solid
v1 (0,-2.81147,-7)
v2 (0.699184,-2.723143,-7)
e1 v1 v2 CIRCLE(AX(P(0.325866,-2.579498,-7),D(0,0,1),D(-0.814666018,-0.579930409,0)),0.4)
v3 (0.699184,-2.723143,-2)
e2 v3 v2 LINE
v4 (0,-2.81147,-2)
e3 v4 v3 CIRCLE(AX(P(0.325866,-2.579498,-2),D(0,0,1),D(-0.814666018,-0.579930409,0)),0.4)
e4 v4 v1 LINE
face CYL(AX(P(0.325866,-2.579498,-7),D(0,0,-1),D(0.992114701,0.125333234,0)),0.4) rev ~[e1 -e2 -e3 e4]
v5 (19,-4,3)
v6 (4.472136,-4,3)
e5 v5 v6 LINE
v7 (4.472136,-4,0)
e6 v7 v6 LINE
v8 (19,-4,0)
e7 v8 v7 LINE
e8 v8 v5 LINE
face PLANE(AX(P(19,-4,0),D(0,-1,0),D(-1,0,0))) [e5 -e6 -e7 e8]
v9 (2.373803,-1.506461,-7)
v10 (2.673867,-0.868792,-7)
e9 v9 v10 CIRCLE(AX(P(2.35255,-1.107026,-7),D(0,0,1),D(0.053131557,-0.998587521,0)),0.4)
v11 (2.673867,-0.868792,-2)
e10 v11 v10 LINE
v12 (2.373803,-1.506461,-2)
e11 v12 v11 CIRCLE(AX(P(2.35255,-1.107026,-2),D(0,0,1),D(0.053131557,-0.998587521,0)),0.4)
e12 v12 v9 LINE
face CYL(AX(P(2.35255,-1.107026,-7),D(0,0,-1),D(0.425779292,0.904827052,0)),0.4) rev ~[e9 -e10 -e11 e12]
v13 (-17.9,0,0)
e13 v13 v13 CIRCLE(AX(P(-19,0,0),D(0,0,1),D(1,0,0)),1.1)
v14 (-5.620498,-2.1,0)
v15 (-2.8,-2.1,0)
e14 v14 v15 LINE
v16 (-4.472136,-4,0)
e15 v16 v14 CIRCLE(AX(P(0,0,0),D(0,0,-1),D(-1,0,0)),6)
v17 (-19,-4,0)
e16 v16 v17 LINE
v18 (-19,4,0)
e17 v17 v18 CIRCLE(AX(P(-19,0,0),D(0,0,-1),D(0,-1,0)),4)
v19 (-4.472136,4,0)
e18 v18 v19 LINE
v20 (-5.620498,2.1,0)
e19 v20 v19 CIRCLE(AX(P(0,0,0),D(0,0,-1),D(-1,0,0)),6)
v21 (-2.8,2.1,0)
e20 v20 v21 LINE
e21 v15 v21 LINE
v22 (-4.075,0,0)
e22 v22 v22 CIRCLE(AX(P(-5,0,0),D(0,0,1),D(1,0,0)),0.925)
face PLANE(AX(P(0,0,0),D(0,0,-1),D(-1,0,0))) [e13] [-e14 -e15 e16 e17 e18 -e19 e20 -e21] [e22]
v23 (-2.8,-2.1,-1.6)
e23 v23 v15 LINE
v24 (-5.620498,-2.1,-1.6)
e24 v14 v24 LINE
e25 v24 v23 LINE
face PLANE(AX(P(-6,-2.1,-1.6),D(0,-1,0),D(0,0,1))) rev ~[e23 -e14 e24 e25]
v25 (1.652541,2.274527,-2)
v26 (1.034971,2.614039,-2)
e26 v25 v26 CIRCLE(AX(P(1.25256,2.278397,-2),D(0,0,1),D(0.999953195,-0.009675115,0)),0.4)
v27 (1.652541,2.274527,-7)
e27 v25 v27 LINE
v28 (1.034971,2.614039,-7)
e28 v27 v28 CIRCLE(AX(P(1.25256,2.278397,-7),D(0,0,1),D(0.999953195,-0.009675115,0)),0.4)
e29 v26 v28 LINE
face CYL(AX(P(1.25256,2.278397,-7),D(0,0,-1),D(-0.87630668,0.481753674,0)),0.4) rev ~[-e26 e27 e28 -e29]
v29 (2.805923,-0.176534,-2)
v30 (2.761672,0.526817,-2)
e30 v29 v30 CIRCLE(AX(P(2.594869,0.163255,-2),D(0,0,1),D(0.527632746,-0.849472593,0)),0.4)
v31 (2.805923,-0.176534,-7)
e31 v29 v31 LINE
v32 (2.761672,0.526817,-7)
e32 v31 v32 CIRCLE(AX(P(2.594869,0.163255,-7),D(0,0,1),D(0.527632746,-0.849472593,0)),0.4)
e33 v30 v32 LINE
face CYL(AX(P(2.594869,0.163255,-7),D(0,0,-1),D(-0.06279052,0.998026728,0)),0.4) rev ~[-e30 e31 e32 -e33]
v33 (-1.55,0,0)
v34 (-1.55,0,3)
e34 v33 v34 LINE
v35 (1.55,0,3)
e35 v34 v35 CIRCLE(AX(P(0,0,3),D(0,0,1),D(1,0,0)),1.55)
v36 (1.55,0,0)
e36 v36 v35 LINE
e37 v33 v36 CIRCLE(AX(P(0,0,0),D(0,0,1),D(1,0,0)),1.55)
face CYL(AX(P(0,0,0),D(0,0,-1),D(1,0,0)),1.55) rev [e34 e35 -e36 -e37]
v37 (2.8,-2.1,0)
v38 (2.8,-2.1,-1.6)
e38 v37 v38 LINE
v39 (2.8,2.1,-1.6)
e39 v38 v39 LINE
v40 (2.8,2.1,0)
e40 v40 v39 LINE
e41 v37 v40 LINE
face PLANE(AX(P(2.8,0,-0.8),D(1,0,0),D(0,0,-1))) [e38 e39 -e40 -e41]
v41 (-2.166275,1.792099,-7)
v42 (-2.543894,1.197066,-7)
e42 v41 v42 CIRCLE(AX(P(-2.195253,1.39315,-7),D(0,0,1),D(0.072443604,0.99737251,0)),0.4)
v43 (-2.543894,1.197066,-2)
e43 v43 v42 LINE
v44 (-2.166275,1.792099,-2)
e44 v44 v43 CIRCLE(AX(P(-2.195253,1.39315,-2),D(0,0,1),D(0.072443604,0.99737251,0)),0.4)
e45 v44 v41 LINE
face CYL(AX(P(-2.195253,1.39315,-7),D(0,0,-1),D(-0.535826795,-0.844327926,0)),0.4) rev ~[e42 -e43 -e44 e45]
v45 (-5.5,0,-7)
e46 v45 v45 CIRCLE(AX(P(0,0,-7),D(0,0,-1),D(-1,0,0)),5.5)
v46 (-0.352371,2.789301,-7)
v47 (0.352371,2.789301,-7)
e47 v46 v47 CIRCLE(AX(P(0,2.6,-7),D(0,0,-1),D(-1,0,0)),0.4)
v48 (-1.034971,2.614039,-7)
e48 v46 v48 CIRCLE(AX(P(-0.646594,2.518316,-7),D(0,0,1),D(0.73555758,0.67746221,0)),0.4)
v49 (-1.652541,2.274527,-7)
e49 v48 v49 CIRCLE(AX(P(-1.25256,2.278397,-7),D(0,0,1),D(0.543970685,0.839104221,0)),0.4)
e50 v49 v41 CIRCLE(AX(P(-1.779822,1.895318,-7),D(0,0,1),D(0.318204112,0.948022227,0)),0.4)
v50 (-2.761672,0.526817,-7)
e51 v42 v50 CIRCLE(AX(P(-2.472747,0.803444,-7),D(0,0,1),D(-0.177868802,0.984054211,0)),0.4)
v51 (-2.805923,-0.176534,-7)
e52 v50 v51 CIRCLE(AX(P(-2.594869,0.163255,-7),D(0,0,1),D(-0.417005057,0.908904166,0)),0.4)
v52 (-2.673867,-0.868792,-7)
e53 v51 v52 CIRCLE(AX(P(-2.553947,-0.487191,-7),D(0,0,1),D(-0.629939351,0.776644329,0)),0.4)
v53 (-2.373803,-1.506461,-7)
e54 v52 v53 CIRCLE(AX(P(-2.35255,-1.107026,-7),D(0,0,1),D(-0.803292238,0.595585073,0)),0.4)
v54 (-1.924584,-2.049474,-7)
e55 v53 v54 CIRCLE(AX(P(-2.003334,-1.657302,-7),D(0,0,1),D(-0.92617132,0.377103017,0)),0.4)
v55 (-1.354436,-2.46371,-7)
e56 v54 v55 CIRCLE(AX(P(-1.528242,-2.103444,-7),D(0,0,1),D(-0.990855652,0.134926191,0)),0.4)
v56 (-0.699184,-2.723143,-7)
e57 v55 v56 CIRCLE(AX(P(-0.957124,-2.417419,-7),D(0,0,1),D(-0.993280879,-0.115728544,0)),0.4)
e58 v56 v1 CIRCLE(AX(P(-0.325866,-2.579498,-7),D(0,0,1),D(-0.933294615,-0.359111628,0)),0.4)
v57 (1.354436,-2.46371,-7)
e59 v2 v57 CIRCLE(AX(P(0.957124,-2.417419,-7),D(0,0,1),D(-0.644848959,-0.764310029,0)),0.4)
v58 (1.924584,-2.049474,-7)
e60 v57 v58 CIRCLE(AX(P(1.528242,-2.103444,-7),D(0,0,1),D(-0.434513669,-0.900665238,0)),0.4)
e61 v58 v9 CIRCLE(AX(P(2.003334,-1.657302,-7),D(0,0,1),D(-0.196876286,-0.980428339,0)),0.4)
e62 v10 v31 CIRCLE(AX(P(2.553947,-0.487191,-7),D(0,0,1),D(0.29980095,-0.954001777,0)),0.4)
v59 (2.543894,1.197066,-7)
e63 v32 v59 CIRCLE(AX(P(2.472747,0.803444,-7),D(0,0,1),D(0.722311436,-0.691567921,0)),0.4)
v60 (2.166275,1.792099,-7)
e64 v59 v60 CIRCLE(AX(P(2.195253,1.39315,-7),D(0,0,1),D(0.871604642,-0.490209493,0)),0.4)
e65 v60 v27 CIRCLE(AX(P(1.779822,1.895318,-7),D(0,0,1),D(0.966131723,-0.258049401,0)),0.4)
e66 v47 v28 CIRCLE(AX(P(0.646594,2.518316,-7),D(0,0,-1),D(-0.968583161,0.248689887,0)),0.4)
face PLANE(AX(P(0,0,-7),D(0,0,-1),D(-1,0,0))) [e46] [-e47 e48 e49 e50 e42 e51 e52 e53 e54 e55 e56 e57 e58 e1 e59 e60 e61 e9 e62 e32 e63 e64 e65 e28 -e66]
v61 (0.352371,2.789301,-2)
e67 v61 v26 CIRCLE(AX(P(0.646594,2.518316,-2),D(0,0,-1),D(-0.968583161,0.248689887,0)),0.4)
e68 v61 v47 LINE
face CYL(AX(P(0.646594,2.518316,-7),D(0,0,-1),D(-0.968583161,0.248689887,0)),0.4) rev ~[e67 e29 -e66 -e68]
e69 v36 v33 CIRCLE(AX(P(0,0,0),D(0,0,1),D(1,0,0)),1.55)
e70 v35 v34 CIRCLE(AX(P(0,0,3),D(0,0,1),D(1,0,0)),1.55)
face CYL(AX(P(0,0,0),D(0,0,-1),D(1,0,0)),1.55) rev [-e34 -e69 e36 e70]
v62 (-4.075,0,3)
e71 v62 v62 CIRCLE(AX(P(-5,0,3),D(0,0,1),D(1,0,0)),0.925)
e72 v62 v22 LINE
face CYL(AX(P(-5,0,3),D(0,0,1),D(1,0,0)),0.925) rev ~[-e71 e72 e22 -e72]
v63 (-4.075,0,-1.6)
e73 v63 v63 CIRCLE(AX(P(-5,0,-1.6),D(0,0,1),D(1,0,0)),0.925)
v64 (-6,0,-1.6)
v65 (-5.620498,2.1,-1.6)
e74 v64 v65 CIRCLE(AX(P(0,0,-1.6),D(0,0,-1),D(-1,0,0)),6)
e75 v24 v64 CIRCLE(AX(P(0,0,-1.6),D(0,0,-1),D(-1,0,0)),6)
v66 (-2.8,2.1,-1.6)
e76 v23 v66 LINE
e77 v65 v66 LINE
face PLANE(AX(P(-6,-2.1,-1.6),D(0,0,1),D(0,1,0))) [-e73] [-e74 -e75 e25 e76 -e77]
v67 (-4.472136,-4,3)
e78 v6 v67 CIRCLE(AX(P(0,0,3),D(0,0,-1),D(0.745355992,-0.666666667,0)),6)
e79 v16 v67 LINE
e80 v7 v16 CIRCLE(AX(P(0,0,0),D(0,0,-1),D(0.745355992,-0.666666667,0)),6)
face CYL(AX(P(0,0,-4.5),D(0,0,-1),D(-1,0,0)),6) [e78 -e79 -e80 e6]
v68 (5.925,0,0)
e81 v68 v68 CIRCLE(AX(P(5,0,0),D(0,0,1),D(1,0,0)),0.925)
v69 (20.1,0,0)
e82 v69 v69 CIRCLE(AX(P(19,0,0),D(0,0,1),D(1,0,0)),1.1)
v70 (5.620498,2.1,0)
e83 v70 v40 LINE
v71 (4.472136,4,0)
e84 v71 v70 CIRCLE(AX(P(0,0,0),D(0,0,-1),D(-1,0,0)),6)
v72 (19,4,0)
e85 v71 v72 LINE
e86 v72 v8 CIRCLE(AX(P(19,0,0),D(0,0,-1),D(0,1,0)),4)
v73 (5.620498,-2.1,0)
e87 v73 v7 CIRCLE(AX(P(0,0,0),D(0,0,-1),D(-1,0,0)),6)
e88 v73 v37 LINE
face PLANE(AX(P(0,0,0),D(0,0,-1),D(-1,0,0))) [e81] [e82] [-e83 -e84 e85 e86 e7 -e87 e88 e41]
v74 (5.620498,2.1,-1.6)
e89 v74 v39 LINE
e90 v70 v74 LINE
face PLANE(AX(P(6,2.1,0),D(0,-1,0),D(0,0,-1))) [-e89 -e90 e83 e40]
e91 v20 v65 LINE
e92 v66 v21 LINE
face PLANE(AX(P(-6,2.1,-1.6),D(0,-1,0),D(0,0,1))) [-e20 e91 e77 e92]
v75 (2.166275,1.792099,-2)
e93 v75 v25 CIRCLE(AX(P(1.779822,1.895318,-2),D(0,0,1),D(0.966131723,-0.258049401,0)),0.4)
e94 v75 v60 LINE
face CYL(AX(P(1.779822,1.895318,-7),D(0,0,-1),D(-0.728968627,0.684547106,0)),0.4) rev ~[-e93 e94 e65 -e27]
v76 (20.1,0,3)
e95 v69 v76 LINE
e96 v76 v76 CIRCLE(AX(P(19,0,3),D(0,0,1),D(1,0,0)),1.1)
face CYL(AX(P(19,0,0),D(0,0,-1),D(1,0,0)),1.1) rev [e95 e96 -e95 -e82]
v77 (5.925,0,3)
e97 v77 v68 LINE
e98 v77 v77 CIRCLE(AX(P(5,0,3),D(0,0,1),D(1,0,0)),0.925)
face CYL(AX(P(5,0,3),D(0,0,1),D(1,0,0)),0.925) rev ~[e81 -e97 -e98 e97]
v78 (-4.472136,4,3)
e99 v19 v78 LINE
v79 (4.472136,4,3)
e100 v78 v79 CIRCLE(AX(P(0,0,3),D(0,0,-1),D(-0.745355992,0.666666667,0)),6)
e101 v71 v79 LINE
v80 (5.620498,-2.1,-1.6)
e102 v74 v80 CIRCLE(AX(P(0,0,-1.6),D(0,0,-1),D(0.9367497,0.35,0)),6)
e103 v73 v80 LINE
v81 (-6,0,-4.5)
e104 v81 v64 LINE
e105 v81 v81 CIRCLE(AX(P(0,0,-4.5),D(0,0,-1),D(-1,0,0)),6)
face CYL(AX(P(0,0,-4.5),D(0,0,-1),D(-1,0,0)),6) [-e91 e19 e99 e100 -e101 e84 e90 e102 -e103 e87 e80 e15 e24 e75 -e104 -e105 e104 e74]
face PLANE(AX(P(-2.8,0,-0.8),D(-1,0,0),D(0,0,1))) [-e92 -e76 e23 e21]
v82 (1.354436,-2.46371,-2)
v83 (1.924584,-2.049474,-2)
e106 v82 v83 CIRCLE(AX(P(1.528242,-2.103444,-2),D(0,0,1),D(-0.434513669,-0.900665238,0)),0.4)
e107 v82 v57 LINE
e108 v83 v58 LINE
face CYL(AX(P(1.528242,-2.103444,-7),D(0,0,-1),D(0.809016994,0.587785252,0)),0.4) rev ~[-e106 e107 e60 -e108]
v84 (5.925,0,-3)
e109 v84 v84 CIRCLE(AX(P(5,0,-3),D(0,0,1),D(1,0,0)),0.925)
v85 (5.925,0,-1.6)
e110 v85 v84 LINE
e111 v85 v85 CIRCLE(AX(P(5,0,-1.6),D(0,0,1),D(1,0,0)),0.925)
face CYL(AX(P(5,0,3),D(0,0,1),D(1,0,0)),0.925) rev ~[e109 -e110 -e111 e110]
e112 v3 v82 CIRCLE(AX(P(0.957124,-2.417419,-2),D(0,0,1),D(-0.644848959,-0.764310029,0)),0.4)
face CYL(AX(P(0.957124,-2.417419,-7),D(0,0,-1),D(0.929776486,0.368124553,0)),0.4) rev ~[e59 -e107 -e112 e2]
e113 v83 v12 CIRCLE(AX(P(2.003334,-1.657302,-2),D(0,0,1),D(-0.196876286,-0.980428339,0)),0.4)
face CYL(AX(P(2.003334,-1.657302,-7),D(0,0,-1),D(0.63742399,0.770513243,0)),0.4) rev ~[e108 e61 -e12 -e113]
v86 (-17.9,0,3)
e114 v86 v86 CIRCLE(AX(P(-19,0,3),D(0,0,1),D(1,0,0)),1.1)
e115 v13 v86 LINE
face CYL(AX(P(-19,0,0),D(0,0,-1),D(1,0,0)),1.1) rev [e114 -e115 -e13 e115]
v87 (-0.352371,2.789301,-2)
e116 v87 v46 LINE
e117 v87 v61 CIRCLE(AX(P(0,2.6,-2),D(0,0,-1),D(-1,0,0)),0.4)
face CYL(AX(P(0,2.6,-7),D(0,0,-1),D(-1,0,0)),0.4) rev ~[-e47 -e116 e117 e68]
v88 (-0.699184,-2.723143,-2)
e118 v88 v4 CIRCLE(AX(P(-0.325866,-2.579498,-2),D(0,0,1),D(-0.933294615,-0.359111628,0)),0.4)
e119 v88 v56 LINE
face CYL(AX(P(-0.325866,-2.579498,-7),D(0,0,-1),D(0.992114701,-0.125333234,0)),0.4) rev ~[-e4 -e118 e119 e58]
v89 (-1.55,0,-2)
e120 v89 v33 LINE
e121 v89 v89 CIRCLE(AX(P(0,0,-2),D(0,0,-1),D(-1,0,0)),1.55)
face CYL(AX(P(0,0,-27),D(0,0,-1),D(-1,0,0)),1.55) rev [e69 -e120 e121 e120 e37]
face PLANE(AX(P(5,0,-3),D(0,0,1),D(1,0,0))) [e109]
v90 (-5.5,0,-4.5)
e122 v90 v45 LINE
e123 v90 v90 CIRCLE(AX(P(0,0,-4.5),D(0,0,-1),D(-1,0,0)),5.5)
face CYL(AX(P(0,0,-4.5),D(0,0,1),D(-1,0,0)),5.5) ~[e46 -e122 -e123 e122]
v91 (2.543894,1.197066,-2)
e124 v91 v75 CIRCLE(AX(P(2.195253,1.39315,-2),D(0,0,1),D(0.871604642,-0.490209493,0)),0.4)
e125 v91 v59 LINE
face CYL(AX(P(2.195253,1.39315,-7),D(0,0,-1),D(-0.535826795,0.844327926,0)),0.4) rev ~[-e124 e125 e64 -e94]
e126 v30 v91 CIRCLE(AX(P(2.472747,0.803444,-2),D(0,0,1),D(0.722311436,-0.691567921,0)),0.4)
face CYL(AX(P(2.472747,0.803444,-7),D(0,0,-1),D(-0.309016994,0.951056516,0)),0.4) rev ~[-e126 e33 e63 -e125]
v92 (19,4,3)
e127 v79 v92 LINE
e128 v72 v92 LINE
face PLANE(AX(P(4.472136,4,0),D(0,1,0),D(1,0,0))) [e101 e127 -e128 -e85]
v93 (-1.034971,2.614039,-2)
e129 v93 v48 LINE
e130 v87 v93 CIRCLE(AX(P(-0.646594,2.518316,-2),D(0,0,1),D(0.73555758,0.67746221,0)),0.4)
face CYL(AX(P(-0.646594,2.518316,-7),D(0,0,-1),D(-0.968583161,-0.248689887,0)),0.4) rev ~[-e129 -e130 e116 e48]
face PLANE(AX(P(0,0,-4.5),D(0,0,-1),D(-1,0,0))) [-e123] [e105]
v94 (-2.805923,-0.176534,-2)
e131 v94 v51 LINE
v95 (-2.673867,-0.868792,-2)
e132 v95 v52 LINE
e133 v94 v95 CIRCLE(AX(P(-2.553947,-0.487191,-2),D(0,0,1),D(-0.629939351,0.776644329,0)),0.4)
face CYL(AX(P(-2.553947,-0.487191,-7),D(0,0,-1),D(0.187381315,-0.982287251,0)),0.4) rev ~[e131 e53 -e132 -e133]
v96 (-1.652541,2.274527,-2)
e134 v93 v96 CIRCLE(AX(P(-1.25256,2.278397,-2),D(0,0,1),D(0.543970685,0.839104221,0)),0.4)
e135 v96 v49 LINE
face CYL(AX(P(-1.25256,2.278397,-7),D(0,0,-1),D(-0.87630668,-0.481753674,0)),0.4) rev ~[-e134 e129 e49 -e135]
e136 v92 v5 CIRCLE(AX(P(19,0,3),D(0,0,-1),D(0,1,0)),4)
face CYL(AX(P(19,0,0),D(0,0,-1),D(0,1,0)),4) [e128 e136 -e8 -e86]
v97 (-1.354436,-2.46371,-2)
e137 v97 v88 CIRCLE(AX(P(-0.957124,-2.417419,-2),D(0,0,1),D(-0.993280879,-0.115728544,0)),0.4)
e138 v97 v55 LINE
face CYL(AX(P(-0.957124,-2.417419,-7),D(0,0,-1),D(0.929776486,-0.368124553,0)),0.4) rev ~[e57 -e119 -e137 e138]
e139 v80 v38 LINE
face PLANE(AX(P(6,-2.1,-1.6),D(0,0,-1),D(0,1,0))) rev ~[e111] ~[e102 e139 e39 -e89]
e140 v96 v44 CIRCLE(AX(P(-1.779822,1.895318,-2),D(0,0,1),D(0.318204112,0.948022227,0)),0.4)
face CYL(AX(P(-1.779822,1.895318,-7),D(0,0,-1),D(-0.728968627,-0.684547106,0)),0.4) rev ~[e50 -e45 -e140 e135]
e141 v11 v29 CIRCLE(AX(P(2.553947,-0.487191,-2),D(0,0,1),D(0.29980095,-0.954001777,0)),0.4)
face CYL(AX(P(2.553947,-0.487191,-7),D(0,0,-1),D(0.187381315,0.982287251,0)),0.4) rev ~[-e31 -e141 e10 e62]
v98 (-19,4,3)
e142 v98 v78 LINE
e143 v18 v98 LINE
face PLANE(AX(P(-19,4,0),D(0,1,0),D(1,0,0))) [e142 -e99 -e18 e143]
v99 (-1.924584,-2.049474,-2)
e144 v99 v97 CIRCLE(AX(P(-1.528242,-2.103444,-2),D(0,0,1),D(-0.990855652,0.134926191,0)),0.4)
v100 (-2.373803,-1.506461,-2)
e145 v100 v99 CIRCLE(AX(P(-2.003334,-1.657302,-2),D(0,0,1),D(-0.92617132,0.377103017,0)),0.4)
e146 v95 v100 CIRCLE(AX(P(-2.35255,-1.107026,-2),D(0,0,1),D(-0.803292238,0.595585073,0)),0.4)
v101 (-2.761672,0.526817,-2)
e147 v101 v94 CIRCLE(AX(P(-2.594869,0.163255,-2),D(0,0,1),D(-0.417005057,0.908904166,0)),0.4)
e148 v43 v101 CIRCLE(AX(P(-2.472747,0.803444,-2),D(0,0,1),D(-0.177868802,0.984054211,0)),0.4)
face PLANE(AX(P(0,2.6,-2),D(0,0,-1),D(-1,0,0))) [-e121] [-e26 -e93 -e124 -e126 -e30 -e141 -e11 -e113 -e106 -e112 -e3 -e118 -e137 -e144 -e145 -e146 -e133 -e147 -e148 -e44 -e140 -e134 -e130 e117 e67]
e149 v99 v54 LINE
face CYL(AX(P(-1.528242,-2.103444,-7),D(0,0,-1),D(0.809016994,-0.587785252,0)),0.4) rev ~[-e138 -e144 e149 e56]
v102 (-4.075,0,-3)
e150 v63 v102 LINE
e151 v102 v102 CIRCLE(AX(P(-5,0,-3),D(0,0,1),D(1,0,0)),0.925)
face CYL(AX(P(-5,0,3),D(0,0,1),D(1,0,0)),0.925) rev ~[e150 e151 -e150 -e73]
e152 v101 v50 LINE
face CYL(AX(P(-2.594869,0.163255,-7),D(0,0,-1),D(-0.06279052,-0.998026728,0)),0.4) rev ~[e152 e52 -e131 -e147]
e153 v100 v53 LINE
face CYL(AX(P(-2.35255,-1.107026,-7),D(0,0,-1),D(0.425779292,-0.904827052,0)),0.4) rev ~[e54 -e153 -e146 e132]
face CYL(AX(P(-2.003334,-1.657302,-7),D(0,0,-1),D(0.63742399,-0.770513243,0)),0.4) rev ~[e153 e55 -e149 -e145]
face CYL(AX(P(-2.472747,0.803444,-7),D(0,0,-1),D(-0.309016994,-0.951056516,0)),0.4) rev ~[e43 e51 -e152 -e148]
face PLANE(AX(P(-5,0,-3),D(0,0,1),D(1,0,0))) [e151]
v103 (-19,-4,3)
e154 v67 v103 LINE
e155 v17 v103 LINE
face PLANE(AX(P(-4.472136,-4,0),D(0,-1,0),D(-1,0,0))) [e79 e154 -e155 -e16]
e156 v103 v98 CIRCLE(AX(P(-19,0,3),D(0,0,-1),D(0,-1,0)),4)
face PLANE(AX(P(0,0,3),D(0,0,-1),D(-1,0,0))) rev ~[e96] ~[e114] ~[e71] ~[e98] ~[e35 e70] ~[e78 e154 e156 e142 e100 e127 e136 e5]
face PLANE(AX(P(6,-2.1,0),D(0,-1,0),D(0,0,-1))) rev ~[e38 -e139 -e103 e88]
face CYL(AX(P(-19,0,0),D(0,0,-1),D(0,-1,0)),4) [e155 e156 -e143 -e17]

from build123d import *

# Parameters (mm, degrees)
SKETCH_1_R               = 1.55
SKETCH_1_R_2             = 1.1
EXTRUDE_1_DEPTH          = 3
EXTRUDE_START            = 4.5
SKETCH_2_R               = 6
EXTRUDE_2_DEPTH          = 4.5
SKETCH_3_R               = 5.5
EXTRUDE_3_DEPTH          = 2.5
SKETCH_5_R               = 0.4
CUT_EXTRUDE_1_DEPTH      = 5
PATTERN_CIRCULAR_2_COUNT = 25
SKETCH_4_R               = 2.6
CUT_EXTRUDE_2_DEPTH      = 5
CUT_EXTRUDE_START        = -30
SKETCH_6_R               = 1.55
CUT_EXTRUDE_3_DEPTH      = 30
SKETCH_7_R               = 0.925
CUT_EXTRUDE_4_DEPTH      = 6
SKETCH_8_W               = 1.6
SKETCH_8_H               = 4.2
CUT_EXTRUDE_5_DEPTH      = 3.2
SKETCH_9_W               = 1.6
SKETCH_9_H               = 4.2
CUT_EXTRUDE_6_DEPTH      = 3.2


with BuildPart() as part:
    # 草图1 → 凸台-拉伸1 (new body)
    with BuildSketch(Plane.XY):
        with BuildLine():
            Line((4.472135955, 4), (19, 4))
            ThreePointArc((19, 4), (23, 0), (19, -4))
            Line((19, -4), (4.472135955, -4))
            ThreePointArc((4.472135955, -4), (0, -6), (-4.472135955, -4))
            Line((-4.472135955, -4), (-19, -4))
            ThreePointArc((-19, -4), (-23, 0), (-19, 4))
            Line((-19, 4), (-4.472135955, 4))
            ThreePointArc((-4.472135955, 4), (0, 6), (4.472135955, 4))
        make_face()
        Circle(SKETCH_1_R, mode=Mode.SUBTRACT)
        with Locations((19, 0)):
            Circle(SKETCH_1_R_2, mode=Mode.SUBTRACT)
        with Locations((-19, 0)):
            Circle(SKETCH_1_R_2, mode=Mode.SUBTRACT)
    extrude(amount=EXTRUDE_1_DEPTH)

    # 草图2 → 凸台-拉伸2 (add)
    with BuildSketch(Plane(origin=(0, 0, 0), x_dir=(-1, 0, 0), z_dir=(0, 0, -1)).offset(EXTRUDE_START)):
        Circle(SKETCH_2_R)
    extrude(amount=-EXTRUDE_2_DEPTH)

    # 草图3 → 凸台-拉伸3 (add)
    with BuildSketch(Plane(origin=(0, 0, -4.5), x_dir=(-1, 0, 0), z_dir=(0, 0, -1))):
        Circle(SKETCH_3_R)
    extrude(amount=EXTRUDE_3_DEPTH)

    # 草图5 → 切除-拉伸1 (cut)
    with BuildSketch(Plane(origin=(0, 0, -7), x_dir=(-1, 0, 0), z_dir=(0, 0, -1))):
        with Locations((0, 2.6)):
            Circle(SKETCH_5_R)
    cut_extrude_1 = extrude(amount=-CUT_EXTRUDE_1_DEPTH, mode=Mode.SUBTRACT)

    # 阵列(圆周)2: 切除-拉伸1 ×25 about axis
    pattern_circular_2_axis = Axis((0, 0, 0), (0, 0, 1))
    for i in range(1, PATTERN_CIRCULAR_2_COUNT):
        add(cut_extrude_1.rotate(pattern_circular_2_axis, i * 360 / PATTERN_CIRCULAR_2_COUNT), mode=Mode.SUBTRACT)

    # 草图4 → 切除-拉伸2 (cut)
    with BuildSketch(Plane(origin=(0, 0, -7), x_dir=(-1, 0, 0), z_dir=(0, 0, -1))):
        Circle(SKETCH_4_R)
    extrude(amount=-CUT_EXTRUDE_2_DEPTH, mode=Mode.SUBTRACT)

    # 草图6 → 切除-拉伸3 (cut)
    with BuildSketch(Plane.XY.offset(3).offset(CUT_EXTRUDE_START)):
        with Locations(Location((0, 0, 0), (0, 0, 180))):
            Circle(SKETCH_6_R)
    extrude(amount=CUT_EXTRUDE_3_DEPTH, mode=Mode.SUBTRACT)

    # 草图7 → 切除-拉伸4 (cut)
    with BuildSketch(Plane.XY.offset(3)):
        with Locations((5, 0)):
            Circle(SKETCH_7_R)
        with Locations((-5, 0)):
            Circle(SKETCH_7_R)
    extrude(amount=-CUT_EXTRUDE_4_DEPTH, mode=Mode.SUBTRACT)

    # 草图8 → 切除-拉伸5 (cut)
    with BuildSketch(Plane(origin=(6, 0, 0), x_dir=(0, 0, -1), z_dir=(1, 0, 0))):
        with Locations((0.8, 0)):
            Rectangle(SKETCH_8_W, SKETCH_8_H)
    extrude(amount=-CUT_EXTRUDE_5_DEPTH, mode=Mode.SUBTRACT)

    # 草图9 → 切除-拉伸6 (cut)
    with BuildSketch(Plane.ZY.offset(6)):
        with Locations((-0.8, 0)):
            Rectangle(SKETCH_9_W, SKETCH_9_H)
    extrude(amount=-CUT_EXTRUDE_6_DEPTH, mode=Mode.SUBTRACT)


solid = part.part
